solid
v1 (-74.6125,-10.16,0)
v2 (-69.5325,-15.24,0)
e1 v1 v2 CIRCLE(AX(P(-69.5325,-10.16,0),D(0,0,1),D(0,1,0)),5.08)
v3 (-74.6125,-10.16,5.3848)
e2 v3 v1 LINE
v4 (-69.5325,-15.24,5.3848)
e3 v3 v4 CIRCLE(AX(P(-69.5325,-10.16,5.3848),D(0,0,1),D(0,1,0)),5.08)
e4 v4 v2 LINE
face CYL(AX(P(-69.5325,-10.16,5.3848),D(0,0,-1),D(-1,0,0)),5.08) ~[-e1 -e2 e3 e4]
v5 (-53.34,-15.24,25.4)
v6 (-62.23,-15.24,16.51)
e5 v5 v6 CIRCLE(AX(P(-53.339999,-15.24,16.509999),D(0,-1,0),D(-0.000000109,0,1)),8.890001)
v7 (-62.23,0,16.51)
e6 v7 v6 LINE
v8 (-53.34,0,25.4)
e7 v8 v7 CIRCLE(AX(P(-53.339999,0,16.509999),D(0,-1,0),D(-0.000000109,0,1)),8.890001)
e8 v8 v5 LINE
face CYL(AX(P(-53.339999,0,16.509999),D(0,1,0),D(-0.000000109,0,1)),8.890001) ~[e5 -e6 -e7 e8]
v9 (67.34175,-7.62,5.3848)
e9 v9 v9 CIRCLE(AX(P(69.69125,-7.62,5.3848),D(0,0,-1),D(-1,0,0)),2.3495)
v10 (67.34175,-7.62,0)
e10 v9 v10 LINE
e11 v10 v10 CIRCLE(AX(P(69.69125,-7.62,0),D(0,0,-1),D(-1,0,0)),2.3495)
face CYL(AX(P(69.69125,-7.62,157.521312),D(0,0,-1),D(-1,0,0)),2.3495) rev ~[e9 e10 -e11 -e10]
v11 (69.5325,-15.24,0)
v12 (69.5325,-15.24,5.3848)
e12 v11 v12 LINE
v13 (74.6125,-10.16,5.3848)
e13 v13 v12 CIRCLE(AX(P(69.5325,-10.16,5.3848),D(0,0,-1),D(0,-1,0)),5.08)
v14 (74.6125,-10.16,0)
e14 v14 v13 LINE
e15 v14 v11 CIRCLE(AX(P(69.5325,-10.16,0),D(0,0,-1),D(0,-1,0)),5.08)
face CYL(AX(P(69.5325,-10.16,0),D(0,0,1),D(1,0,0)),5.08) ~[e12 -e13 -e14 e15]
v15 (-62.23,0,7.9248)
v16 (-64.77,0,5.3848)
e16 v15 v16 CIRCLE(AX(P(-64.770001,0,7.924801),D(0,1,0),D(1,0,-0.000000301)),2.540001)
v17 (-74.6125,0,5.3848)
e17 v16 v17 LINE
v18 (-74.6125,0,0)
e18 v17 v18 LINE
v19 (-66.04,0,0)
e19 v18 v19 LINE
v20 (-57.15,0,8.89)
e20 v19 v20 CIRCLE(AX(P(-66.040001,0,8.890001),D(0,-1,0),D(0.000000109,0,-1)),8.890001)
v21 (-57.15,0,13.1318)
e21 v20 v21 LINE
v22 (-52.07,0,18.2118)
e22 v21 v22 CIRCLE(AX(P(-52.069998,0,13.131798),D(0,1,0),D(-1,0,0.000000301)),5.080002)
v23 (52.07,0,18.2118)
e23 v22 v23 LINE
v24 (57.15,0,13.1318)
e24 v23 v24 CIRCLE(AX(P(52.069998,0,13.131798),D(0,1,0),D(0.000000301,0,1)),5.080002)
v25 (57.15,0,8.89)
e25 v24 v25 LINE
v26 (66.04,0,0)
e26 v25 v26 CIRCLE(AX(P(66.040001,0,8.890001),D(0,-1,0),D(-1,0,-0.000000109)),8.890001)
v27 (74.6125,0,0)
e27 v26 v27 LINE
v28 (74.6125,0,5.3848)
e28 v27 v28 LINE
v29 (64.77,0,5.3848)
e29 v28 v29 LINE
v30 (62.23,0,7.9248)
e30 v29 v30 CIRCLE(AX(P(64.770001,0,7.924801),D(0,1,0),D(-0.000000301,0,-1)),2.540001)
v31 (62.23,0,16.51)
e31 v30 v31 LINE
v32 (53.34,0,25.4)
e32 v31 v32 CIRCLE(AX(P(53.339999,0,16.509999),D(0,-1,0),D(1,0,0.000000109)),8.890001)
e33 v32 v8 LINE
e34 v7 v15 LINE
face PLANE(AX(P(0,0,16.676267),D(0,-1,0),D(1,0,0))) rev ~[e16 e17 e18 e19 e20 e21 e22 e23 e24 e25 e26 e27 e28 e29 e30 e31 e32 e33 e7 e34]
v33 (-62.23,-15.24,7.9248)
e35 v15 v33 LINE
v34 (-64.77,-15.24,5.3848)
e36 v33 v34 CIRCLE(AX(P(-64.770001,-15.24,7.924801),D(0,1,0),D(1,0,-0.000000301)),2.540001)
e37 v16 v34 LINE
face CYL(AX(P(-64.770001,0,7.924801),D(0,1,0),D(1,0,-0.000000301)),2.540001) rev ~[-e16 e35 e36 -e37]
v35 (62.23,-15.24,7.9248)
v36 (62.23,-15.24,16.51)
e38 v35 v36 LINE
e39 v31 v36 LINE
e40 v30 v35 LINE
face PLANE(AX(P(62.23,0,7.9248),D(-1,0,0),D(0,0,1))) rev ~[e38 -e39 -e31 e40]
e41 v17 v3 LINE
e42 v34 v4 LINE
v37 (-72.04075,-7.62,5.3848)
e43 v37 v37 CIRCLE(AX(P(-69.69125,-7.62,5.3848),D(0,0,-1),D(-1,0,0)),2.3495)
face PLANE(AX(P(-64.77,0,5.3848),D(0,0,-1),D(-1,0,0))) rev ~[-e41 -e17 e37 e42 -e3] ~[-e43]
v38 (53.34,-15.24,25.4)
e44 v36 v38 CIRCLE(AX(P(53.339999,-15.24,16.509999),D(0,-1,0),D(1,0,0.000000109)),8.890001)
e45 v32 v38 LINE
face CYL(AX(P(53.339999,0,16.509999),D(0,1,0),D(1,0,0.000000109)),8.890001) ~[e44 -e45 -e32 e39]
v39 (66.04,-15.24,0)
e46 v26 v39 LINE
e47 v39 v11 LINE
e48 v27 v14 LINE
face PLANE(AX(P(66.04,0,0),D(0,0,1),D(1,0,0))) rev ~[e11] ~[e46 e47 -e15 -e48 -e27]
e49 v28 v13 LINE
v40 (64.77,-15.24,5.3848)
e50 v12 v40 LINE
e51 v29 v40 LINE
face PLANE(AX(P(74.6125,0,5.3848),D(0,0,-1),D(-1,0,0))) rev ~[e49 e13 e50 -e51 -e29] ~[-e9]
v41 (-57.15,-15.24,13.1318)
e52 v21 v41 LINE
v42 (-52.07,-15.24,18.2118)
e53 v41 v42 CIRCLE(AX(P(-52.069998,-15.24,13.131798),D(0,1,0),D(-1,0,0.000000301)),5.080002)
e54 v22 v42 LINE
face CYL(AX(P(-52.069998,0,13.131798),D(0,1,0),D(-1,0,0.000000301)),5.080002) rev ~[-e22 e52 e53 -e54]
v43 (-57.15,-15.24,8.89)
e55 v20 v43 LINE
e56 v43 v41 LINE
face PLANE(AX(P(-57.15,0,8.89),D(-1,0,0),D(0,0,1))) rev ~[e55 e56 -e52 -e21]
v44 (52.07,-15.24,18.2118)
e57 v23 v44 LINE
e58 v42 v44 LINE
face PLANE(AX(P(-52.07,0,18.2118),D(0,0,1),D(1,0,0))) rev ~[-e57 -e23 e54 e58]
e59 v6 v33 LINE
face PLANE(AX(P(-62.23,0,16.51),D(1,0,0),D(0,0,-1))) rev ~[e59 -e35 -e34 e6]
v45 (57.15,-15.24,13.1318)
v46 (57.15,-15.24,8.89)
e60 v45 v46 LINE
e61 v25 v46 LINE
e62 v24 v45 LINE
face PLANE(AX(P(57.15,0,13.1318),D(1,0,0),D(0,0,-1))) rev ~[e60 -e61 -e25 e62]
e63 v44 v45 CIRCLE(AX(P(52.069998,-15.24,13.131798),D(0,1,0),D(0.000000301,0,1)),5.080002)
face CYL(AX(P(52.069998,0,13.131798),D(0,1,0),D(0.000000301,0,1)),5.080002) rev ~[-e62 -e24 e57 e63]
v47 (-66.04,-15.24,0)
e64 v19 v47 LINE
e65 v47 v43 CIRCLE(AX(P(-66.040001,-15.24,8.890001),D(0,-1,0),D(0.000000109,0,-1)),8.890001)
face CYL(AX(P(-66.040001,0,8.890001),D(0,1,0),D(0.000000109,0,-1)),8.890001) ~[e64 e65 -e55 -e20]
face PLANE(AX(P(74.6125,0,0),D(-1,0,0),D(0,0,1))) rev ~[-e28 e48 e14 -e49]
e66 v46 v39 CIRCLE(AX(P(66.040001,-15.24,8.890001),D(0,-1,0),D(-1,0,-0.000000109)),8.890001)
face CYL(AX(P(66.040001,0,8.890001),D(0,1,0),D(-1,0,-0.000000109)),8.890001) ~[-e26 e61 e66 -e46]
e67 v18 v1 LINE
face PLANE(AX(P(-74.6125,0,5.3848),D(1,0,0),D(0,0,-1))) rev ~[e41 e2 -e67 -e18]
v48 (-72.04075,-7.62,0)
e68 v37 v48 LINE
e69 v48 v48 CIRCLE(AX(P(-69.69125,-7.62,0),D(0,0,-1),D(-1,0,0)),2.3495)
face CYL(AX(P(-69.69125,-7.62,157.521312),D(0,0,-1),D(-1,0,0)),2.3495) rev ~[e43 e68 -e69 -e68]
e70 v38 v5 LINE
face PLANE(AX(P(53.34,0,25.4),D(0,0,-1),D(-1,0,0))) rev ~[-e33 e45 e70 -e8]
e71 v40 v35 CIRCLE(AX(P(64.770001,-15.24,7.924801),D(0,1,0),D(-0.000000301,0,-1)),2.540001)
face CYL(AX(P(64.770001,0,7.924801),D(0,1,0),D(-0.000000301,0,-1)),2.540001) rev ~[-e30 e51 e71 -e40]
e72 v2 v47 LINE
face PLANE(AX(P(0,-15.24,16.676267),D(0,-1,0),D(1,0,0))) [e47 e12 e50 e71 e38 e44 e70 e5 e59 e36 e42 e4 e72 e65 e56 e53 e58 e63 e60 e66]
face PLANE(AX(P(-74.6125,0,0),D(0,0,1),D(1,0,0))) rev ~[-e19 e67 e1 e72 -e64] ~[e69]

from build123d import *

# Parameters (mm, degrees)
F1_DEPTH = 15.24
F2_R     = 5.08
F5_D     = 4.699


with BuildPart() as f1:
    # F0 (on Front) → F1 (new body)
    with BuildSketch(Plane.XZ):
        with BuildLine():
            Line((53.34, 25.4), (-53.34, 25.4))
            ThreePointArc((-53.34, 25.4), (-59.626179, 22.796179), (-62.23, 16.51))
            Line((-62.23, 16.51), (-62.23, 7.9248))
            ThreePointArc((-62.23, 7.9248), (-62.973949, 6.128749), (-64.77, 5.3848))
            Line((-64.77, 5.3848), (-74.6125, 5.3848))
            Line((-74.6125, 5.3848), (-74.6125, 0))
            Line((-74.6125, 0), (-66.04, 0))
            ThreePointArc((-66.04, 0), (-59.753821, 2.603821), (-57.15, 8.89))
            Line((-57.15, 8.89), (-57.15, 13.1318))
            ThreePointArc((-57.15, 13.1318), (-55.662102, 16.723902), (-52.07, 18.2118))
            Line((-52.07, 18.2118), (52.07, 18.2118))
            ThreePointArc((52.07, 18.2118), (55.662102, 16.723902), (57.15, 13.1318))
            Line((57.15, 13.1318), (57.15, 8.89))
            ThreePointArc((57.15, 8.89), (59.753821, 2.603821), (66.04, 0))
            Line((66.04, 0), (74.6125, 0))
            Line((74.6125, 0), (74.6125, 5.3848))
            Line((74.6125, 5.3848), (64.77, 5.3848))
            ThreePointArc((64.77, 5.3848), (62.973949, 6.128749), (62.23, 7.9248))
            Line((62.23, 7.9248), (62.23, 16.51))
            ThreePointArc((62.23, 16.51), (59.626179, 22.796179), (53.34, 25.4))
        make_face()
    extrude(amount=F1_DEPTH)

    # F2
    f2_edges = [f1.edges().sort_by_distance(p)[0] for p in [
        (-74.6125, -15.24, 2.6924),
        (74.6125, -15.24, 2.6924),
    ]]
    fillet(f2_edges, radius=F2_R)

    # F5 (through all)
    with Locations(Plane.XY.offset(5.3848)):
        with Locations((-69.69125, -7.62), (69.69125, -7.62)):
            Hole(F5_D / 2)


solid = f1.part
